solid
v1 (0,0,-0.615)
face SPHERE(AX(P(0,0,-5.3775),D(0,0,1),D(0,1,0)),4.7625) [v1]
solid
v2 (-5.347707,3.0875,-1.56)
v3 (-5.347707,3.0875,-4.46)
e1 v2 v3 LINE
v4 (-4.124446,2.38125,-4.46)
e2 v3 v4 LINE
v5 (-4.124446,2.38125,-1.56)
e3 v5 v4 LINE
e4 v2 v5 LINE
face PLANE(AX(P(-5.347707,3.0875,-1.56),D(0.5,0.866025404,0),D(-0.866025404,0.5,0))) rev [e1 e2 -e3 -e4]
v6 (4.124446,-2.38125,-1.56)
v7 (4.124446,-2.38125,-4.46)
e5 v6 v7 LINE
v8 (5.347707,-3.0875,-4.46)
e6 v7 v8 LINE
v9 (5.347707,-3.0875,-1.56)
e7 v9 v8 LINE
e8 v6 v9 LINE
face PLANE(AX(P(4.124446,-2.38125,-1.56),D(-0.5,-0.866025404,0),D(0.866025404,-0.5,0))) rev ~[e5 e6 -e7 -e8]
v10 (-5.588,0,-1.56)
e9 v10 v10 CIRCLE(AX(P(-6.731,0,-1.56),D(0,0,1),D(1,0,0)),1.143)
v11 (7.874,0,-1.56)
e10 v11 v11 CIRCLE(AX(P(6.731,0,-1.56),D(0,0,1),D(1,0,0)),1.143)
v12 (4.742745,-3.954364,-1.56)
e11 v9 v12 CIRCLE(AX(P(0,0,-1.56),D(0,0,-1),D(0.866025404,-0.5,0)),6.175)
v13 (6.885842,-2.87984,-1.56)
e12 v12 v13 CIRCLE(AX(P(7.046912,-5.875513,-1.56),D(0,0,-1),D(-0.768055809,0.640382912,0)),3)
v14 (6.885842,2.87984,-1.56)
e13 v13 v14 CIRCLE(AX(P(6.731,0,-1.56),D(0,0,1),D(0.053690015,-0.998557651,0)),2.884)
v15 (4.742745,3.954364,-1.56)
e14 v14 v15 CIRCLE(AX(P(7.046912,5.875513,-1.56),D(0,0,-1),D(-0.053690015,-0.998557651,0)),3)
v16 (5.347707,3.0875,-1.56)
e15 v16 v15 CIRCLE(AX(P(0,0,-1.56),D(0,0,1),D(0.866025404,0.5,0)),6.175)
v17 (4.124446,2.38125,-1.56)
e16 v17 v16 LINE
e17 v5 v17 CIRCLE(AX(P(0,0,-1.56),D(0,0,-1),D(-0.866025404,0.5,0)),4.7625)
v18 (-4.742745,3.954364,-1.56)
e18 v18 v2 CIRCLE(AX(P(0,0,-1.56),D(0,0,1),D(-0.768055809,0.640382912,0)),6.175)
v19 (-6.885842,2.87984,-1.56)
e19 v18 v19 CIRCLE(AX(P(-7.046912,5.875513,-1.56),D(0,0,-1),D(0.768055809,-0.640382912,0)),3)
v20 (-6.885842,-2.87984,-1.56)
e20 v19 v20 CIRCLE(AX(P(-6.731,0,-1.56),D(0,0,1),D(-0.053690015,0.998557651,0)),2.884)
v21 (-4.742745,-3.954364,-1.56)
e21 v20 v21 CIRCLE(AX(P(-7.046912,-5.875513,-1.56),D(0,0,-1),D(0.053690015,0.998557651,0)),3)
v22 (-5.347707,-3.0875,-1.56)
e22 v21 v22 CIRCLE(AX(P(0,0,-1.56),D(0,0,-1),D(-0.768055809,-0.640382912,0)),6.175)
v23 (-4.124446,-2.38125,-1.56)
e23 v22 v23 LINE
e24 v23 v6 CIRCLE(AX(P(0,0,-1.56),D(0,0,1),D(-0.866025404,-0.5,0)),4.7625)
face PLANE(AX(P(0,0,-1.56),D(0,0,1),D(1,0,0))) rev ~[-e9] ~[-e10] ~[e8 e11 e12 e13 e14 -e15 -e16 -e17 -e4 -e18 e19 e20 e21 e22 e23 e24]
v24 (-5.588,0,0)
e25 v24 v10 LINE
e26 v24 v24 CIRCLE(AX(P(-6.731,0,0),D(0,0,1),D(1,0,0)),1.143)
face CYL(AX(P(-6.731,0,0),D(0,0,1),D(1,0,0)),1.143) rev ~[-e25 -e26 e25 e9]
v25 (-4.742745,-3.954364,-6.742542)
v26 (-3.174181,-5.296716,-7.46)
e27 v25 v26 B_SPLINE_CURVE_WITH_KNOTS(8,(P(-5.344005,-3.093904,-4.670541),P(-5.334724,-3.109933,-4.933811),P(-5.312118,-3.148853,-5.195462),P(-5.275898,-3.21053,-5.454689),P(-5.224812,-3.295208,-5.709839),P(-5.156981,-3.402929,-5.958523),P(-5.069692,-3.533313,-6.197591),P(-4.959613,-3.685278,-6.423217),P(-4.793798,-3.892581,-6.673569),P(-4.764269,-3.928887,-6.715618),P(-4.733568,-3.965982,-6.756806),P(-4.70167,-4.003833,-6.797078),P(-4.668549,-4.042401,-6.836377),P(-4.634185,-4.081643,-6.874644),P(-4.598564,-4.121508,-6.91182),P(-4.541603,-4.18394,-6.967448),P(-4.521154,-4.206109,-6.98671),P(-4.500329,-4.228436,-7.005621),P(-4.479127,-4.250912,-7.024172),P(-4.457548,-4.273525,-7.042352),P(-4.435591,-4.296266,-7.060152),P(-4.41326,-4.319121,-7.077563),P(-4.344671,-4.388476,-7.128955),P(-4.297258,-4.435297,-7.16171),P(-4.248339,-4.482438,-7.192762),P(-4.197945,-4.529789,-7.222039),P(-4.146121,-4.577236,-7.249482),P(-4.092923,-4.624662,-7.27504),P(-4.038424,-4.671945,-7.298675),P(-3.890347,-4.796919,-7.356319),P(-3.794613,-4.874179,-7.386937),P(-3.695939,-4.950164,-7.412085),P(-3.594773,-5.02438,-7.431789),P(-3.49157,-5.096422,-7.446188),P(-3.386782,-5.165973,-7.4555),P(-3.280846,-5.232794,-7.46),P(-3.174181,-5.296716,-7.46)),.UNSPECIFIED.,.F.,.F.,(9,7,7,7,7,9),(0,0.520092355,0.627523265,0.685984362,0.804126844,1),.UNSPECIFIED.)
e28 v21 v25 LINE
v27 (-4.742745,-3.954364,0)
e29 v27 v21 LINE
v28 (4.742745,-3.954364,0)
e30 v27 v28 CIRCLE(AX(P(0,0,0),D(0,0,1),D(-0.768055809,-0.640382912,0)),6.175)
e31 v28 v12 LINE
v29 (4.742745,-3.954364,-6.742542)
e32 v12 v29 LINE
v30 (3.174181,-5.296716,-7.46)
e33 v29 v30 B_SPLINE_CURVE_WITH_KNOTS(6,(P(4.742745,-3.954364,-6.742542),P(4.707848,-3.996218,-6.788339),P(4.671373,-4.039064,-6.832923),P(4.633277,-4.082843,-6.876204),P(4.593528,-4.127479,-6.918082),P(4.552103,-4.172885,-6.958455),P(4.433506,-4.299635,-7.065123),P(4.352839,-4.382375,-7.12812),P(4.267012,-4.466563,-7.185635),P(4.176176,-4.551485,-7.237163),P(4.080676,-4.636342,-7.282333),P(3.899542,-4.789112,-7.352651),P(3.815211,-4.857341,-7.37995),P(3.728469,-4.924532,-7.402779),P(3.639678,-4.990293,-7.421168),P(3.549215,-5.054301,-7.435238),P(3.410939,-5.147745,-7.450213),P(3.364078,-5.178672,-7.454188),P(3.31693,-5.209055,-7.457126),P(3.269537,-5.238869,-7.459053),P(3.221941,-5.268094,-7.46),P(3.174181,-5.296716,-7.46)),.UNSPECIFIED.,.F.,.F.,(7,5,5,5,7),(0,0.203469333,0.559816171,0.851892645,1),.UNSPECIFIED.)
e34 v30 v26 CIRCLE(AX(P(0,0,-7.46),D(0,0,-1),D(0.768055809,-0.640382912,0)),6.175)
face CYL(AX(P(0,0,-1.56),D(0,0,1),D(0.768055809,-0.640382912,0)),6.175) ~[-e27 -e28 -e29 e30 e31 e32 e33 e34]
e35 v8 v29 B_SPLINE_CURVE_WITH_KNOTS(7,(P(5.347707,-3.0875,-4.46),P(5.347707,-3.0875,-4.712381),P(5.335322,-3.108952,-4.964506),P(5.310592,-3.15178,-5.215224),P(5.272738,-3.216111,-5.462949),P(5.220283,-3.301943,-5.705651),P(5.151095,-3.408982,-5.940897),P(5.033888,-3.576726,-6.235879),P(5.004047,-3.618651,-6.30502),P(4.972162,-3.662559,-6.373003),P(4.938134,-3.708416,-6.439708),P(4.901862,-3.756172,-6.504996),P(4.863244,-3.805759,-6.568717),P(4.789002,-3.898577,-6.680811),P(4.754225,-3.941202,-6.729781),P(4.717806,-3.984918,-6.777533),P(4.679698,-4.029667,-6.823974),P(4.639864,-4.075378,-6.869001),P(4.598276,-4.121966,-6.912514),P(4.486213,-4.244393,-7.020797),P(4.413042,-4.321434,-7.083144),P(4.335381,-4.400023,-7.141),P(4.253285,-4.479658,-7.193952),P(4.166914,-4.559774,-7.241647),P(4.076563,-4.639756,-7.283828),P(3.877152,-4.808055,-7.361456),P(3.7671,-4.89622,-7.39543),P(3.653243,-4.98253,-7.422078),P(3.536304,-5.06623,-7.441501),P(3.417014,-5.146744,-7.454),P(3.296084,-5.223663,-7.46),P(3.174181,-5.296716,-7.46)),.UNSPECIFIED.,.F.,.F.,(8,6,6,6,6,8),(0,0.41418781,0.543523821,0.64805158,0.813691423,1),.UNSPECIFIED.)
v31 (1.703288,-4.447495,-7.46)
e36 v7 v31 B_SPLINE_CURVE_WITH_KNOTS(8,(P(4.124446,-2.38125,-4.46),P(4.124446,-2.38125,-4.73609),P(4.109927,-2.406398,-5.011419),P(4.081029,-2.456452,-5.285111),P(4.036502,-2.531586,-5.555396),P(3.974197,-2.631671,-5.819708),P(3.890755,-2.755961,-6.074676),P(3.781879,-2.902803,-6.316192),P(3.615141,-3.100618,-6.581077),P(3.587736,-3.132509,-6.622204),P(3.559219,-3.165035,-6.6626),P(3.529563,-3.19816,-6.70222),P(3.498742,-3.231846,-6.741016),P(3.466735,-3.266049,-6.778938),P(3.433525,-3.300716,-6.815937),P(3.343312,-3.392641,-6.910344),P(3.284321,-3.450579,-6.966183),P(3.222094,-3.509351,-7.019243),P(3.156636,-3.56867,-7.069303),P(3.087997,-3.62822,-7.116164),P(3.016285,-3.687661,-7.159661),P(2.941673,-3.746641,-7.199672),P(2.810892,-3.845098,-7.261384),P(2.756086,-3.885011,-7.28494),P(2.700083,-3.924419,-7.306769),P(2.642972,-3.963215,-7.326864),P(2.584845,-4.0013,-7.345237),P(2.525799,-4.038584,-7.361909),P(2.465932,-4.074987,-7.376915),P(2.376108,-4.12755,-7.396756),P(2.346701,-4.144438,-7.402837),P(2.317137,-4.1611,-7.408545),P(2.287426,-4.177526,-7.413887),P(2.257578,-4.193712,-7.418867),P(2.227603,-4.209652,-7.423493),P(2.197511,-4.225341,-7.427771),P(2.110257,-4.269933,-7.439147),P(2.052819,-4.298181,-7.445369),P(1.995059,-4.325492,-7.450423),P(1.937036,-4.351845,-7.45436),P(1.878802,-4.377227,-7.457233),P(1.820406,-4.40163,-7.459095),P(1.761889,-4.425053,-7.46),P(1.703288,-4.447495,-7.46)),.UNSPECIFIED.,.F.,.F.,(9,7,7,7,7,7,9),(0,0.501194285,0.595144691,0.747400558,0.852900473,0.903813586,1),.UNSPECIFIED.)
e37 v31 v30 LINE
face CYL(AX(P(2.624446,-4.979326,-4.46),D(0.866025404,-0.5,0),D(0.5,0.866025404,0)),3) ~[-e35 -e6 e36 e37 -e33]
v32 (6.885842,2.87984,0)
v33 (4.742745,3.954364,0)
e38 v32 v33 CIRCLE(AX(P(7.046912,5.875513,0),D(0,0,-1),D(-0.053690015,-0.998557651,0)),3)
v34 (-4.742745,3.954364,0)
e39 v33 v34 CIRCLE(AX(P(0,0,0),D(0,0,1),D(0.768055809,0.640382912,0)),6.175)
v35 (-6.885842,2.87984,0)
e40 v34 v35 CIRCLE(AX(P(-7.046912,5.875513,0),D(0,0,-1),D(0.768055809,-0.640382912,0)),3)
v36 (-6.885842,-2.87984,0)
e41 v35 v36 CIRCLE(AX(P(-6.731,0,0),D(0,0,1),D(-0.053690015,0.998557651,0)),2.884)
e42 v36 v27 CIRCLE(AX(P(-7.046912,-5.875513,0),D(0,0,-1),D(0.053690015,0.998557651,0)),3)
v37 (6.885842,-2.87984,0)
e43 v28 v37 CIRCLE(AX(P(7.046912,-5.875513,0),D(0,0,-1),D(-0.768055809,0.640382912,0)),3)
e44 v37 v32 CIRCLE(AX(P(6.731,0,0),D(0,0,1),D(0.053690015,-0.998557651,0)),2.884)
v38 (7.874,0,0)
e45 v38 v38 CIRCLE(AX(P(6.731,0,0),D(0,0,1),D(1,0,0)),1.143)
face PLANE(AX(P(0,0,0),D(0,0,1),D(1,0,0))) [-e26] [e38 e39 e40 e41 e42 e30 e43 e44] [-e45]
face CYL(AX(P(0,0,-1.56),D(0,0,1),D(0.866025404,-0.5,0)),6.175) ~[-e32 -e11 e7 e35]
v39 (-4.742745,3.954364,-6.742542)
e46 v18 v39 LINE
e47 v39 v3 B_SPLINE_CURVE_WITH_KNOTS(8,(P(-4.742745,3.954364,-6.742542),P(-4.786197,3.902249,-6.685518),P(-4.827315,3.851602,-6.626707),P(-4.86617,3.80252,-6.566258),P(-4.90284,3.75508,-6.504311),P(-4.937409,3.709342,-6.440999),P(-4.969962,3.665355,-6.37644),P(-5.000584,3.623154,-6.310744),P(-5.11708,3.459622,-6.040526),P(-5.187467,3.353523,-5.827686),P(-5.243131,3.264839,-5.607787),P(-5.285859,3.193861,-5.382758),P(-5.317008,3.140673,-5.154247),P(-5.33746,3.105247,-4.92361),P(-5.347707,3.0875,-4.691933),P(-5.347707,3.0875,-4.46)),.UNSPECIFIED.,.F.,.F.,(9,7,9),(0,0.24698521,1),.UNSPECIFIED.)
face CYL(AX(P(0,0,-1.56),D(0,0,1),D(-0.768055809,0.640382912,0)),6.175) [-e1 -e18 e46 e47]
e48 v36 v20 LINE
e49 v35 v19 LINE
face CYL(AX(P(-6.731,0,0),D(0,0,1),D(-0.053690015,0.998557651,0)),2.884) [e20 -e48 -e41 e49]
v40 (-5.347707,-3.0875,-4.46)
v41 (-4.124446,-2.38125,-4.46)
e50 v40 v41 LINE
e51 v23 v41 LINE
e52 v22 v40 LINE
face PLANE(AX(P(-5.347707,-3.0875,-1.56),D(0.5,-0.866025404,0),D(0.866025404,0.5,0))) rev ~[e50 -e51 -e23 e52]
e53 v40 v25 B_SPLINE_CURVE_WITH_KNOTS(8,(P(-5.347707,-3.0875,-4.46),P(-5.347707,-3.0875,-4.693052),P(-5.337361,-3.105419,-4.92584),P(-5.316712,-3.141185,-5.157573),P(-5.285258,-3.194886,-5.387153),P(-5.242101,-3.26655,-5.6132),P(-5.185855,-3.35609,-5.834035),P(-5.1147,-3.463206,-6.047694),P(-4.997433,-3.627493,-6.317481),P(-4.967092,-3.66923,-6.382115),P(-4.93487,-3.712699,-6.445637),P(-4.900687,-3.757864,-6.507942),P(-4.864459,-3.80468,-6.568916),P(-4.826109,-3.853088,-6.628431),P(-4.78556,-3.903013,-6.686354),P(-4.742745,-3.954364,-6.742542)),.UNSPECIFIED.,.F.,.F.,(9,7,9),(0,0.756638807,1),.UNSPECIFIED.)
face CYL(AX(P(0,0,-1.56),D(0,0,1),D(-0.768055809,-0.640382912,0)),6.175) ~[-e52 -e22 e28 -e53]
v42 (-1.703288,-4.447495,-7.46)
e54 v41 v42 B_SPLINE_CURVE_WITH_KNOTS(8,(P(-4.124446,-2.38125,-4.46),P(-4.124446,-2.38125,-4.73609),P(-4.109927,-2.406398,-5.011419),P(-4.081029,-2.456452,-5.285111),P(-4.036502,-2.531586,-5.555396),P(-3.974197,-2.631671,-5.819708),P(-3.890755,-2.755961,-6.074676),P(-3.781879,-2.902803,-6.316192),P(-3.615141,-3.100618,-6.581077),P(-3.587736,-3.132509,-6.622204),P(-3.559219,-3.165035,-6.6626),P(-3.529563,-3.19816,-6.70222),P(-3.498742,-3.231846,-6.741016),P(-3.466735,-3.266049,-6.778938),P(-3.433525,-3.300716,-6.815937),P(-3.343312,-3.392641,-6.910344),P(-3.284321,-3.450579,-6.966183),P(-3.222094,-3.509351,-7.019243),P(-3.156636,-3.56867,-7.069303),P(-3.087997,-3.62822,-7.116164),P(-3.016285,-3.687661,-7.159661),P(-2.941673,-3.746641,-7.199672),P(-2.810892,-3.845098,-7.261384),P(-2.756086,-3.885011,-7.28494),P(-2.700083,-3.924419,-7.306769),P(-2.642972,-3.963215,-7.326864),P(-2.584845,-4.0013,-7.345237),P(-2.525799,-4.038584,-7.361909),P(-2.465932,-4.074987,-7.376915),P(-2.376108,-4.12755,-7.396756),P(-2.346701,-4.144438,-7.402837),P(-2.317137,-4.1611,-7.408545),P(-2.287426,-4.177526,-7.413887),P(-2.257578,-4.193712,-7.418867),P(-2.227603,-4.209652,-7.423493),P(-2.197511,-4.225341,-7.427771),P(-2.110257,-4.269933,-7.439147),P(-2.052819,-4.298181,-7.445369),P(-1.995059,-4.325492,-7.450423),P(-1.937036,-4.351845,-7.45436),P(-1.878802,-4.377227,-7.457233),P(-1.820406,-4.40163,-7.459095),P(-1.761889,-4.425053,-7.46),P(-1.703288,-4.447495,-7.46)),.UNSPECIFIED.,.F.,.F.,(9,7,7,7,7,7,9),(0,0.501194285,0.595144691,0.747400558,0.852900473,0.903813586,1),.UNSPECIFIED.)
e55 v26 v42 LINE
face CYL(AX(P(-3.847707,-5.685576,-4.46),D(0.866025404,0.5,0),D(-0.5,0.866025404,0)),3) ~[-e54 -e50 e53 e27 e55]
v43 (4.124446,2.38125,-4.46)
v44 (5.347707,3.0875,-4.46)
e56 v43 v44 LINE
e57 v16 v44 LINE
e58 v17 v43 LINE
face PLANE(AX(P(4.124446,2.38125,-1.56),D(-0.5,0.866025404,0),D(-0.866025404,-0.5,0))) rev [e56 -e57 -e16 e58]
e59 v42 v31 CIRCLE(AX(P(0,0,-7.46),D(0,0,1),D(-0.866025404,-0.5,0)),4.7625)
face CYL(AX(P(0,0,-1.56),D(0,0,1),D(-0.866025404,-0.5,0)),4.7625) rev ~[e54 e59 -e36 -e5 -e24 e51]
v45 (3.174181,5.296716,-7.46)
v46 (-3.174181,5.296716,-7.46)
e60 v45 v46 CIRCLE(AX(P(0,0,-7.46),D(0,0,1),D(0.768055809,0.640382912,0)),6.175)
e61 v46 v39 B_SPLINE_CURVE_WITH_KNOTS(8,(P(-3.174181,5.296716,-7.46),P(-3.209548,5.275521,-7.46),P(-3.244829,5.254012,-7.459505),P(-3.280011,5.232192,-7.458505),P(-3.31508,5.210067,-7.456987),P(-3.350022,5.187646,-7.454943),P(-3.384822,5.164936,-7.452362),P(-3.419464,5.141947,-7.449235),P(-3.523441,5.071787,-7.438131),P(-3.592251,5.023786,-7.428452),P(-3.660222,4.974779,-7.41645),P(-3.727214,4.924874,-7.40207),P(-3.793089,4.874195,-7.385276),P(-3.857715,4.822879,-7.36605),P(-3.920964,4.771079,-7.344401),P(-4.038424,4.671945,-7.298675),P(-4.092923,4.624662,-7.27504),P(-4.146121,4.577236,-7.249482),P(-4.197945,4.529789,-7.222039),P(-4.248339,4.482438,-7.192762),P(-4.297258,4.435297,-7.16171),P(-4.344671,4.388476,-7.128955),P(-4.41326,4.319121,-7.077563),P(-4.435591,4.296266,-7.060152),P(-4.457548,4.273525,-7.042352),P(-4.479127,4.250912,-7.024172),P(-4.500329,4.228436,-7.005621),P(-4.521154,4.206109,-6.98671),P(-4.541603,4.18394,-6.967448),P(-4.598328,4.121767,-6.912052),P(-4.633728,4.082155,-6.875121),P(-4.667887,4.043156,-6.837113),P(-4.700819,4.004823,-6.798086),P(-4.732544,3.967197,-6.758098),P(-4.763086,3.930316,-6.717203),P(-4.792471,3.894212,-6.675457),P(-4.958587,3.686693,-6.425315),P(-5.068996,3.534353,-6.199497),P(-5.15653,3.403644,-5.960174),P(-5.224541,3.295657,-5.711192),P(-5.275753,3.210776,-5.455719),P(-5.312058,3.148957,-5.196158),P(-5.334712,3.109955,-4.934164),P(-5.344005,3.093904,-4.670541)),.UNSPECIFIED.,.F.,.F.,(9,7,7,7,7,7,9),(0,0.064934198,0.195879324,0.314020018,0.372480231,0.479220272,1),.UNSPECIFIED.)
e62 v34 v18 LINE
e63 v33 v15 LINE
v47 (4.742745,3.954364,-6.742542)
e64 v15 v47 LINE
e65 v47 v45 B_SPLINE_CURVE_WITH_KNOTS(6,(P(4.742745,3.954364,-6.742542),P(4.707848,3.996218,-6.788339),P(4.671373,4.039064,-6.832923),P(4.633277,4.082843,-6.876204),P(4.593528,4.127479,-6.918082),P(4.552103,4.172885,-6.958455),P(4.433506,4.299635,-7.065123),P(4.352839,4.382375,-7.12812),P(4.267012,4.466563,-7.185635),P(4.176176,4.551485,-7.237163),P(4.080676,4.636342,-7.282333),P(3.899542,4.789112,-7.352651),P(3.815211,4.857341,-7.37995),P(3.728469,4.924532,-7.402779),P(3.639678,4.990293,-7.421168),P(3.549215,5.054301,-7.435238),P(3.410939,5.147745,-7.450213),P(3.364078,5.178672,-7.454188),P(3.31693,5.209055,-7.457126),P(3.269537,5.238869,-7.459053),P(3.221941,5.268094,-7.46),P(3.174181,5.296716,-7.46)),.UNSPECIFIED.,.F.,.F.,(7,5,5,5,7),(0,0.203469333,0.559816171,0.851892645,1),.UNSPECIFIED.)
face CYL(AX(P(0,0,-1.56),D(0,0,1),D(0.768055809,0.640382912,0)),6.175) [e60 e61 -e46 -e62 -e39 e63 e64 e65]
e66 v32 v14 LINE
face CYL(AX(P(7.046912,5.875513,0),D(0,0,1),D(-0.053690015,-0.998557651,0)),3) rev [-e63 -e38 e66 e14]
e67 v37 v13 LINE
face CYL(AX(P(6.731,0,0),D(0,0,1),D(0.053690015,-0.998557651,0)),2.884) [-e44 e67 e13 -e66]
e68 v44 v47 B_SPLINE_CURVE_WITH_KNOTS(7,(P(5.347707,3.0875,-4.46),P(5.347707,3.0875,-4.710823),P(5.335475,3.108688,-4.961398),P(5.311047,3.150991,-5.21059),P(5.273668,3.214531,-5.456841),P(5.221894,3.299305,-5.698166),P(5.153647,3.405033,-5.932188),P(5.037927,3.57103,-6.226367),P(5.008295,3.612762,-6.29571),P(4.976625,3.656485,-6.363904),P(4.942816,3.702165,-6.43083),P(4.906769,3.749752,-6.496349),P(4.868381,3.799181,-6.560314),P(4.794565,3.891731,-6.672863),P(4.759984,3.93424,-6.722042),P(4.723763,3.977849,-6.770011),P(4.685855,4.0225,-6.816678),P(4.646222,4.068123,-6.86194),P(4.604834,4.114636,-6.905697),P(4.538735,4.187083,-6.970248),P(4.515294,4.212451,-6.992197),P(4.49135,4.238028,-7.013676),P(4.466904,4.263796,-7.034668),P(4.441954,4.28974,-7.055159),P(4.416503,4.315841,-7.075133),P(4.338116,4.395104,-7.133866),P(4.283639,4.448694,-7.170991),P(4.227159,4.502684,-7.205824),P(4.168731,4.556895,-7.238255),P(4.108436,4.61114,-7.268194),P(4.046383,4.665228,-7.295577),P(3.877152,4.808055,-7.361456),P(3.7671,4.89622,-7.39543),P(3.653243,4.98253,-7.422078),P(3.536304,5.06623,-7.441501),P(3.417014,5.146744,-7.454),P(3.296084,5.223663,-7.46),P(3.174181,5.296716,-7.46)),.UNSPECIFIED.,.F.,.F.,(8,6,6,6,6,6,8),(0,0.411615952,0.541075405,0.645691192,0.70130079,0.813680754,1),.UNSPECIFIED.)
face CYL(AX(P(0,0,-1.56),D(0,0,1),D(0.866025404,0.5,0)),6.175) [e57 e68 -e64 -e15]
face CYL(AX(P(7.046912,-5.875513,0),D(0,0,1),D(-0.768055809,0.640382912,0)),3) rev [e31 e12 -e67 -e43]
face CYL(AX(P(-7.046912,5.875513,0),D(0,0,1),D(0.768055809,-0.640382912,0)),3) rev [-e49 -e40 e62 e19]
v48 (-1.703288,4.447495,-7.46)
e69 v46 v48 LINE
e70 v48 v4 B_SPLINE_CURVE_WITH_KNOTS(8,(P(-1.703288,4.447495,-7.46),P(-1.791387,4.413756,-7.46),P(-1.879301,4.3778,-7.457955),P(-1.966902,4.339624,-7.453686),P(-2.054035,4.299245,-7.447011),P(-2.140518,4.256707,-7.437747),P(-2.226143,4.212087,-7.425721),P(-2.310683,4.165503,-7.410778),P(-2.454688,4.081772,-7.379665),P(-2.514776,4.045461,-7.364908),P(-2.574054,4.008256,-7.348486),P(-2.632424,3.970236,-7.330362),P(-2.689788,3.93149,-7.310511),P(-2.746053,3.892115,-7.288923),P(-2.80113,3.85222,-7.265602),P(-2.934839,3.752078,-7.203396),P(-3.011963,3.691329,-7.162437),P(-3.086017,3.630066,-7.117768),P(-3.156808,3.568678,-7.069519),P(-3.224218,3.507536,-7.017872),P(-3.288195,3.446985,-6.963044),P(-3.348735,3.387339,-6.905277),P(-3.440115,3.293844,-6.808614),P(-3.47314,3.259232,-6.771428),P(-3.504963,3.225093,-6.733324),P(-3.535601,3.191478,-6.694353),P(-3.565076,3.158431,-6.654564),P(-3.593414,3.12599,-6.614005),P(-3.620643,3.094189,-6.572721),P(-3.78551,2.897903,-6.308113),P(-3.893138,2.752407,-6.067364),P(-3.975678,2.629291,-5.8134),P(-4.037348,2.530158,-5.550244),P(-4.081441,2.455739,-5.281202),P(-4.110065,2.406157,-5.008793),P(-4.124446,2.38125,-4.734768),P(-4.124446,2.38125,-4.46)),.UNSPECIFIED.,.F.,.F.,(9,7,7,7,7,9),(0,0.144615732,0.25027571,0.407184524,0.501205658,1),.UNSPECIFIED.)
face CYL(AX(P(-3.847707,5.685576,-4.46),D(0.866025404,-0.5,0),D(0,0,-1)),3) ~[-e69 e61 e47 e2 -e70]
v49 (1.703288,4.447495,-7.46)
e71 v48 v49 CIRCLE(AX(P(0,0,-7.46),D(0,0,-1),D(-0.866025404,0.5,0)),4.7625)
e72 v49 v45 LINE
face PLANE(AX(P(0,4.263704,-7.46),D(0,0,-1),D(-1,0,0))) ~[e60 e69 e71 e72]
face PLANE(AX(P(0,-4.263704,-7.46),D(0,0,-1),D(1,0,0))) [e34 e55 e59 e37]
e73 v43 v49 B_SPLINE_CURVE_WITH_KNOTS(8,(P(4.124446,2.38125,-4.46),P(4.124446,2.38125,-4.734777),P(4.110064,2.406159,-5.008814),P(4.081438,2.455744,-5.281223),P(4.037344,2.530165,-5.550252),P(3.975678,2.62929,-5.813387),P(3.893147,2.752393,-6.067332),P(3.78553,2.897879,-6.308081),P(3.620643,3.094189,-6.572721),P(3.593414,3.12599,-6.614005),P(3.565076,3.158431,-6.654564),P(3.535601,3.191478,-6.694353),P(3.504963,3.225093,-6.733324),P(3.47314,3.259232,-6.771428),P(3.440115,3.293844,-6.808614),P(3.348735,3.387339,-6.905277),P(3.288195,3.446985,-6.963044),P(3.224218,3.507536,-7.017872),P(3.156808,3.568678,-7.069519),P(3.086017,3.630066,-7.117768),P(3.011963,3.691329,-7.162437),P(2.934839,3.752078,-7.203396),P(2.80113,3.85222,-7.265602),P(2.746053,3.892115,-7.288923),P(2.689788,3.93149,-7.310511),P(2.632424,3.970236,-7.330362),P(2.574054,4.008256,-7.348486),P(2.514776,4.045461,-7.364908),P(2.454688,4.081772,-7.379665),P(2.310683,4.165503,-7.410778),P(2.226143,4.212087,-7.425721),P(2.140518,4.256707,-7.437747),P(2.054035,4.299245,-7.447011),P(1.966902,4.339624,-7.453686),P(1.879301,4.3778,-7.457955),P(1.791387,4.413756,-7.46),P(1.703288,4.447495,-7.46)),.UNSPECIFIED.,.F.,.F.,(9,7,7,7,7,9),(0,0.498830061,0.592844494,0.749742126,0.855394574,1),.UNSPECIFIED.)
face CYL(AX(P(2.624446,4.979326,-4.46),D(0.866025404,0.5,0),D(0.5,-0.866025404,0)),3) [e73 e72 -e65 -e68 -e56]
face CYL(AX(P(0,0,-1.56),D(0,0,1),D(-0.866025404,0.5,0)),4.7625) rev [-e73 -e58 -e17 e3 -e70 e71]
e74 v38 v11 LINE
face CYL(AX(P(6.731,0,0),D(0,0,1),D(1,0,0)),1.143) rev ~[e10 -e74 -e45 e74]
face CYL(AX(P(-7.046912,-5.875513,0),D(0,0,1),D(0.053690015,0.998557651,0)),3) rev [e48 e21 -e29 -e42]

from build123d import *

# Parameters (mm, degrees)
F0_R     = 1.143
F1_DEPTH = 1.56
F3_DEPTH = 5.9
F7_R     = 3


with BuildPart() as f1:
    # F0 (on Top) → F1 (new body)
    with BuildSketch(Plane.XY):
        with BuildLine():
            ThreePointArc((6.8858420035, 2.8798402654), (5.7022933213, 3.1937226824), (4.7427446214, 3.954364482))
            ThreePointArc((4.7427446214, 3.954364482), (0, 6.175), (-4.7427446214, 3.954364482))
            ThreePointArc((-4.7427446214, 3.954364482), (-5.7022933213, 3.1937226824), (-6.8858420035, 2.8798402654))
            ThreePointArc((-6.8858420035, 2.8798402654), (-9.615, 0), (-6.8858420035, -2.8798402654))
            ThreePointArc((-6.8858420035, -2.8798402654), (-5.7022933213, -3.1937226824), (-4.7427446214, -3.954364482))
            ThreePointArc((-4.7427446214, -3.954364482), (0, -6.175), (4.7427446214, -3.954364482))
            ThreePointArc((4.7427446214, -3.954364482), (5.7022933213, -3.1937226824), (6.8858420035, -2.8798402654))
            ThreePointArc((6.8858420035, -2.8798402654), (9.615, 0), (6.8858420035, 2.8798402654))
        make_face()
        with Locations((-6.731, 0)):
            Circle(F0_R, mode=Mode.SUBTRACT)
        with Locations((6.731, 0)):
            Circle(F0_R, mode=Mode.SUBTRACT)
    extrude(amount=-F1_DEPTH)

    # F2 (on face) → F3 (join)
    with BuildSketch(Plane(origin=(0, 0, -1.56), x_dir=(1, 0, 0), z_dir=(0, 0, -1))):
        with BuildLine():
            Line((4.1244459855, 2.38125), (5.3477068684, 3.0875))
            ThreePointArc((5.3477068684, 3.0875), (5.0638094676, 3.5339013393), (4.7427446214, 3.954364482))
            ThreePointArc((4.7427446214, 3.954364482), (0, 6.175), (-4.7427446214, 3.954364482))
            ThreePointArc((-4.7427446214, 3.954364482), (-5.0638094676, 3.5339013393), (-5.3477068684, 3.0875))
            Line((-5.3477068684, 3.0875), (-4.1244459855, 2.38125))
            ThreePointArc((-4.1244459855, 2.38125), (0, 4.7625), (4.1244459855, 2.38125))
        make_face()
    extrude(amount=F3_DEPTH)

    # F4: F1 across plane


with BuildPart() as f1_1:
    add(f1.part)
    add(f1.part.mirror(Plane.XZ))

    # F7
    f7_edges = [f1_1.edges().sort_by_distance(p)[0] for p in [
        (4.736076, 2.734375, -7.46),
        (4.736076, -2.734375, -7.46),
        (-4.736076, 2.734375, -7.46),
        (-4.736076, -2.734375, -7.46),
    ]]
    fillet(f7_edges, radius=F7_R)


with BuildPart() as f6:
    # F5 (on Right) → F6 (revolve)
    with BuildSketch(Plane.YZ):
        with BuildLine():
            Line((0, -0.615), (0, -10.14))
            ThreePointArc((0, -10.14), (4.7625, -5.3775), (0, -0.615))
        make_face()
    revolve(axis=Axis((0, 0, -5.3775), (0, 0, 1)))


solid = Compound([f1_1.part, f6.part])
